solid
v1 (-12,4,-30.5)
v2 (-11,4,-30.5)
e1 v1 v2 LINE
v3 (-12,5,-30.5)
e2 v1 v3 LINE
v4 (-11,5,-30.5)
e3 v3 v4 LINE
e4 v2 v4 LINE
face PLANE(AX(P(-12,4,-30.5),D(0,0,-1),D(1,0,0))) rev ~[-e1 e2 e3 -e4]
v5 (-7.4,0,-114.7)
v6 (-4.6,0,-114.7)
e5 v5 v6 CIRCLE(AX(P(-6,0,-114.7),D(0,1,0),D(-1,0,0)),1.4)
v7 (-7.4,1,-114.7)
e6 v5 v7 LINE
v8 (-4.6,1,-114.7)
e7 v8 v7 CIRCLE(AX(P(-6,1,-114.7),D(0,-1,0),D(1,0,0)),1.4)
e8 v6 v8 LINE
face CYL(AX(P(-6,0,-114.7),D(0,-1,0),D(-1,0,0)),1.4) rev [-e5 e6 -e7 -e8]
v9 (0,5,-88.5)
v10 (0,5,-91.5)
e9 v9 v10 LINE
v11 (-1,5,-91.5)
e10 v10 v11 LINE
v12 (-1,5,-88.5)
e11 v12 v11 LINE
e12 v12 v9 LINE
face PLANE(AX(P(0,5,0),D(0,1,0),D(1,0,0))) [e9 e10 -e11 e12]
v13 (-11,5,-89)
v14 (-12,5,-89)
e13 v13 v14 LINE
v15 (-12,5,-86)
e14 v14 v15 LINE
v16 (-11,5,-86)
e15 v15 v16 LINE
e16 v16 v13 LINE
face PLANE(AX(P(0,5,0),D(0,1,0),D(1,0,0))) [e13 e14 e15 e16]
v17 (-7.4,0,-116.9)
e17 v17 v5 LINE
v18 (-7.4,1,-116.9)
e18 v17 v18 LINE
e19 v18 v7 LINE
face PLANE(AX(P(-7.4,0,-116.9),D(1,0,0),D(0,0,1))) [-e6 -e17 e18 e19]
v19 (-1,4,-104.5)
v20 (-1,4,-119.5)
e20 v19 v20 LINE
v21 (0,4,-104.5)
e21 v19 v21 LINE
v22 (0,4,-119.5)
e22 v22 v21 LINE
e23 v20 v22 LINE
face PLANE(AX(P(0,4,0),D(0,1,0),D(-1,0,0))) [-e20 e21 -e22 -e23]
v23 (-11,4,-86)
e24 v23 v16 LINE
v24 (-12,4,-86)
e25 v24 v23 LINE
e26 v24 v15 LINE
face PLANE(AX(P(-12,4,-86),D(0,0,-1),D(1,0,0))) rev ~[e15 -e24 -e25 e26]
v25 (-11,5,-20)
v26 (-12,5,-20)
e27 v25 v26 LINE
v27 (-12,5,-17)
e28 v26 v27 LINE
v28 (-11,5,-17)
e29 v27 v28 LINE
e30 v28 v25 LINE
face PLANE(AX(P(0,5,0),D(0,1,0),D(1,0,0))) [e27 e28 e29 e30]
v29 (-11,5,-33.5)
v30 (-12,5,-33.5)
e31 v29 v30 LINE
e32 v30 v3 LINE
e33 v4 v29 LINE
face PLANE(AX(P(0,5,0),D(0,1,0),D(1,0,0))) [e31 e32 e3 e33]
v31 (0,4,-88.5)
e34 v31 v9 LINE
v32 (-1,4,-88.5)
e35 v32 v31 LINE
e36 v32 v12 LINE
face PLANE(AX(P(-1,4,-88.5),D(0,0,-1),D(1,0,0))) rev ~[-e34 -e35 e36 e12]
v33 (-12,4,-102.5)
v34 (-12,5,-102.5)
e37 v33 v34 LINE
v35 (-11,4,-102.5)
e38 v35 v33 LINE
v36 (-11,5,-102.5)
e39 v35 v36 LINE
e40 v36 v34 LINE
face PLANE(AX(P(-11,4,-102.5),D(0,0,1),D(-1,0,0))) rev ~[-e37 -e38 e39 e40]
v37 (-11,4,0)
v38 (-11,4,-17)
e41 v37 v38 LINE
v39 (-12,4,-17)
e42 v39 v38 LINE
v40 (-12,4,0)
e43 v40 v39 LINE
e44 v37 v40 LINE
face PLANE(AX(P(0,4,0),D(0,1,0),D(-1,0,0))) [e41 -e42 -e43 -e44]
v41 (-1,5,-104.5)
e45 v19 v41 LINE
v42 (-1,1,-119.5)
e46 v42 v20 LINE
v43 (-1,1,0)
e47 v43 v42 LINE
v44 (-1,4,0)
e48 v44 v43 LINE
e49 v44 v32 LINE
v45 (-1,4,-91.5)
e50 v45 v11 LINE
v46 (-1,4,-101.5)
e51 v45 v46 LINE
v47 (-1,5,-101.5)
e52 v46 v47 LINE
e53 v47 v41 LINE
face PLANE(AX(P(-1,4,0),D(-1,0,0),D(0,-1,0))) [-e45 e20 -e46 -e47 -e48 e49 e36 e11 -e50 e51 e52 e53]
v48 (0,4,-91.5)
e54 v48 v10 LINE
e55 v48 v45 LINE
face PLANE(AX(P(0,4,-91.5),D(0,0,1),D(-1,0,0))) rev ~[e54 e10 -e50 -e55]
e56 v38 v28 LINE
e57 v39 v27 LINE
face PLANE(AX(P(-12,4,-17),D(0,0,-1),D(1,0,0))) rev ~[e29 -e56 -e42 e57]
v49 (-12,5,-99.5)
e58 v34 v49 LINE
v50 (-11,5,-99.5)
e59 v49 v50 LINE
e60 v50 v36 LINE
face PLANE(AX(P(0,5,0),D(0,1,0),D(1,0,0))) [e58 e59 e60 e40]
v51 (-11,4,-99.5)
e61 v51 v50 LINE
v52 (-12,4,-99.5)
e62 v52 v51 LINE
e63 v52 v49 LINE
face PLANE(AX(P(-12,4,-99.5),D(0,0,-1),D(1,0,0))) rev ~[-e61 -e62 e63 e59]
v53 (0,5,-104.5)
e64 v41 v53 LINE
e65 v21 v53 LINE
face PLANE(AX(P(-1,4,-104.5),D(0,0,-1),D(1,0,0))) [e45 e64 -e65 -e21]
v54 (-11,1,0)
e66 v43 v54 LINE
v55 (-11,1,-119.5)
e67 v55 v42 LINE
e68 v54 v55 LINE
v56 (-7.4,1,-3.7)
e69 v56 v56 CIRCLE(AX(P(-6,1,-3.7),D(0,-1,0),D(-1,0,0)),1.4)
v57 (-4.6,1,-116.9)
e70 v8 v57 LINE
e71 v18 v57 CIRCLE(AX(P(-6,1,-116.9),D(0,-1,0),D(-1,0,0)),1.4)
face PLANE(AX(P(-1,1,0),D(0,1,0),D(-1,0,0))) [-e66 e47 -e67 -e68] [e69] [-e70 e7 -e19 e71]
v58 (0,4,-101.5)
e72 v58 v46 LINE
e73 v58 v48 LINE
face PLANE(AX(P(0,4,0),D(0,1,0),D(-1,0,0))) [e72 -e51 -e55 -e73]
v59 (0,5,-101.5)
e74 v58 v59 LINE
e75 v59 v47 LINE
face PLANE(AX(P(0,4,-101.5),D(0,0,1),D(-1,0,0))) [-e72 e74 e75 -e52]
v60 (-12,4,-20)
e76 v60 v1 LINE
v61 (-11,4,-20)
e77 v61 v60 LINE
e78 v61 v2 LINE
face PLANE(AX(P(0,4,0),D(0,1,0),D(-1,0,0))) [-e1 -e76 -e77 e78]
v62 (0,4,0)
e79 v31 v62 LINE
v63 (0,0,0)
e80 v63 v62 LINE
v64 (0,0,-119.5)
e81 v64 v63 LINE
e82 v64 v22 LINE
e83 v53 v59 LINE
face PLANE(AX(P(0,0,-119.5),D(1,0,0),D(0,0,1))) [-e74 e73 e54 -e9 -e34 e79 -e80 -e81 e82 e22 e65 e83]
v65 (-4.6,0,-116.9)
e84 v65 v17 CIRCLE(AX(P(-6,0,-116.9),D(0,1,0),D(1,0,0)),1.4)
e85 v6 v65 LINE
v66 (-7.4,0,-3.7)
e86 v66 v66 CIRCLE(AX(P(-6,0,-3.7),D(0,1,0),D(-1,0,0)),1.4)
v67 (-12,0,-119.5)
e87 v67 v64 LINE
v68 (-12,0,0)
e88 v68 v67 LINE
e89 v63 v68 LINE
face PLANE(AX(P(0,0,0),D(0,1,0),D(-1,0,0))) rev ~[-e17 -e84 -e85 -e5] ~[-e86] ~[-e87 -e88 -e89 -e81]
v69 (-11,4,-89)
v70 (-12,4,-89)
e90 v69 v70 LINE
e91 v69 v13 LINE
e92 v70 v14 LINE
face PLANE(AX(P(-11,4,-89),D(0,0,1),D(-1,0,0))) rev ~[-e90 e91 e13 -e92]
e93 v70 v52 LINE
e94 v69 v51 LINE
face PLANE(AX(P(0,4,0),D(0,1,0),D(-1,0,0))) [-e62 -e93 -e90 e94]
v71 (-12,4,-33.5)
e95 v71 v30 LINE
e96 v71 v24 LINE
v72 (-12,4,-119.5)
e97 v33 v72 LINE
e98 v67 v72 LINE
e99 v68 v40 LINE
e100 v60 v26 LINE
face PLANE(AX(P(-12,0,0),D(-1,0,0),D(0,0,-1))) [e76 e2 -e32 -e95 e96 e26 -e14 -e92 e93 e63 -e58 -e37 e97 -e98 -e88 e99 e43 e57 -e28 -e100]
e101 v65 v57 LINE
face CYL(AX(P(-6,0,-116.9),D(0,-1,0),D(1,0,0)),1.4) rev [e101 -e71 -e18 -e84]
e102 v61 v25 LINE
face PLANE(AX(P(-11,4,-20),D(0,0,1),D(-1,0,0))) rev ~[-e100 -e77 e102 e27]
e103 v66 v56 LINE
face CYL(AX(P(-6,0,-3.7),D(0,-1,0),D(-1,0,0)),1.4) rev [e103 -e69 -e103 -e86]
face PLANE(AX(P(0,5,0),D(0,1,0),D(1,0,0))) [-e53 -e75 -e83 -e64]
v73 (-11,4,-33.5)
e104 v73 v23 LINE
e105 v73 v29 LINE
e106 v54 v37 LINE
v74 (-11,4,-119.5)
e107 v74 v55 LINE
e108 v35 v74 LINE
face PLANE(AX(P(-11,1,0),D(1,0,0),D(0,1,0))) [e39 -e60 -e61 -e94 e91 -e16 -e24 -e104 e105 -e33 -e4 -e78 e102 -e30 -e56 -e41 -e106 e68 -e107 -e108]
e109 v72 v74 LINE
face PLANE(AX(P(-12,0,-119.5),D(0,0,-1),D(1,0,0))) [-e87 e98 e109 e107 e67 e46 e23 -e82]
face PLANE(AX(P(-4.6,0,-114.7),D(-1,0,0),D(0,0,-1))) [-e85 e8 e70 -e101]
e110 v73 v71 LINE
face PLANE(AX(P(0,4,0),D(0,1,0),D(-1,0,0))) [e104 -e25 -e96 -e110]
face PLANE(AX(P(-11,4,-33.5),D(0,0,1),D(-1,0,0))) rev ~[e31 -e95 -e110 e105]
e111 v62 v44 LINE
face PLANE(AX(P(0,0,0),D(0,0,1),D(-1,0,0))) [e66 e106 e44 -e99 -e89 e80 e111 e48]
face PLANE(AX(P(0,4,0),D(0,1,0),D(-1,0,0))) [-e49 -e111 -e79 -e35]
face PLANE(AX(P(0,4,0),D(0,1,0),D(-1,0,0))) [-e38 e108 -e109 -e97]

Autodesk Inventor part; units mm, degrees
ref_plane "YZ Plane" through (0, 0, 0) normal (1, 0, 0) x (0, 1, 0)
ref_plane "XZ Plane" through (0, 0, 0) normal (0, 1, 0) x (-1, 0, 0)
ref_plane "XY Plane" through (0, 0, 0) normal (0, 0, 1) x (1, 0, 0)
sketch "Sketch1" plane through (0, 0, 0) normal (0, 1, 0) x (-1, 0, 0)
  line L0 (0, 0) -> (12, 0)
  line L1 (12, 0) -> (12, -119.5)
  line L2 (12, -119.5) -> (0, -119.5)
  line L3 (0, -119.5) -> (0, 0)
  circle A0 centre (6, -3.7) radius 1.4
  line L4 (6, -113.3) -> (6, -113.3)
  line L5 (4.6, -114.7) -> (4.6, -116.9)
  line L6 (6, -118.3) -> (6, -118.3)
  line L7 (7.4, -116.9) -> (7.4, -114.7)
  arc A1 (7.4, -114.7) -> (6, -113.3) centre (6, -114.7) ccw
  arc A2 (6, -118.3) -> (7.4, -116.9) centre (6, -116.9) ccw
  arc A3 (6, -113.3) -> (4.6, -114.7) centre (6, -114.7) ccw
  arc A4 (4.6, -116.9) -> (6, -118.3) centre (6, -116.9) ccw
  point P0 (4.6, -118.3)
  point P1 (4.6, -113.3)
  dimension "d0" = 12
  dimension "d1" = 119.5
  dimension "d2" = 2.8
  dimension "d3" = 5
  dimension "d4" = 1.4
  dimension "d5" = 2.8
  dimension "d6" = 3.7
  dimension "d7" = 6
  dimension "d8" = 1.2
  dimension "d9" = 6
extrude "Extrusion1" add sketch "Sketch1" along normal blind 4
sketch "Sketch2" plane through (-12, 0, 0) normal (0, 0, 1) x (1, 0, 0)
  line L0 (12, 4) -> (0, 4) projected
  line L1 (1, 4) -> (11, 4)
  line L2 (11, 4) -> (11, 1)
  line L3 (11, 1) -> (1, 1)
  line L4 (1, 1) -> (1, 4)
  line L5 (0, 0) -> (0, 4) projected
  line L6 (12, 0) -> (12, 4) projected
  line L7 (0, 0) -> (12, 0) projected
  dimension "d12" = 1
  dimension "d13" = 1
  dimension "d14" = 1
extrude "Extrusion2" cut sketch "Sketch2" against normal through all contours L2 L3 L4 L0
sketch "Sketch3" plane through (0, 4, 0) normal (0, 1, 0) x (1, 0, 0)
  line L0 (-12, 119.5) -> (-12, 0) projected
  line L1 (-11, 0) -> (-11, 119.5) projected
  line L2 (-12, 17) -> (-11, 17)
  line L3 (-11, 17) -> (-11, 20)
  line L4 (-11, 20) -> (-12, 20)
  line L5 (-12, 20) -> (-12, 17)
  line L6 (-12, 30.5) -> (-11, 30.5)
  line L7 (-11, 30.5) -> (-11, 33.5)
  line L8 (-11, 33.5) -> (-12, 33.5)
  line L9 (-12, 33.5) -> (-12, 30.5)
  line L10 (-12, 86) -> (-11, 86)
  line L11 (-11, 86) -> (-11, 89)
  line L12 (-11, 89) -> (-12, 89)
  line L13 (-12, 89) -> (-12, 86)
  line L14 (-12, 99.5) -> (-11, 99.5)
  line L15 (-11, 99.5) -> (-11, 102.5)
  line L16 (-11, 102.5) -> (-12, 102.5)
  line L17 (-12, 102.5) -> (-12, 99.5)
  line L18 (-1, 0) -> (-1, 119.5) projected
  line L19 (0, 0) -> (0, 119.5) projected
  line L20 (0, 99.5) -> (0, 102.5)
  line L21 (-1, 102.5) -> (-1, 99.5)
  line L22 (-1, 88.5) -> (0, 88.5)
  line L23 (0, 88.5) -> (0, 91.5)
  line L24 (0, 91.5) -> (-1, 91.5)
  line L25 (-1, 91.5) -> (-1, 88.5)
  line L26 (-12, 0) -> (-11, 0) projected
  line L27 (-11, 119.5) -> (-12, 119.5) projected
  line L28 (0, 119.5) -> (-1, 119.5) projected
  line L29 (-1, 104.5) -> (0, 104.5)
  line L30 (0, 104.5) -> (0, 101.5)
  line L31 (0, 101.5) -> (-1, 101.5)
  line L32 (-1, 101.5) -> (-1, 104.5)
  point P0 (0, 88.5)
  dimension "d17" = 3
  dimension "d18" = 17
  dimension "d19" = 3
  dimension "d20" = 3
  dimension "d21" = 3
  dimension "d22" = 3
  dimension "d24" = 10.5
  dimension "d25" = 17
  dimension "d26" = 10.5
  dimension "d28" = 1
  dimension "d29" = 3
  dimension "d30" = 15
  dimension "d31" = 10
extrude "Extrusion3" add sketch "Sketch3" along normal blind 1 contours L16 L1 L14 L0 | L12 L1 L10 L0 | L8 L1 L6 L0 | L4 L1 L2 L0 | L18 L24 L19 L22 | L18 L29 L19 L31
sketch "Sketch4" plane through (0, 4, 0) normal (0, 1, 0) x (1, 0, 0)
  line L0 (0, 119.5) -> (-12, 119.5) projected
  line L1 (-6, 119.5) -> (-6, 59.75) construction
  line L2 (-1, 0) -> (-11, 0) projected
  circle A0 centre (-6, 3.7) radius 1.4 projected
  circle A1 centre (-6, 59.75) radius 56.05 construction
  point P0 (0, 0)
  dimension "d34" = 59.75
equation "\"d19\" = d17"
equation "\"d20\" = d17"
equation "\"d21\" = d17"
equation "\"d22\" = d17"
properties part number "Barra fijación calefactor" material "Aluminum 6061"
